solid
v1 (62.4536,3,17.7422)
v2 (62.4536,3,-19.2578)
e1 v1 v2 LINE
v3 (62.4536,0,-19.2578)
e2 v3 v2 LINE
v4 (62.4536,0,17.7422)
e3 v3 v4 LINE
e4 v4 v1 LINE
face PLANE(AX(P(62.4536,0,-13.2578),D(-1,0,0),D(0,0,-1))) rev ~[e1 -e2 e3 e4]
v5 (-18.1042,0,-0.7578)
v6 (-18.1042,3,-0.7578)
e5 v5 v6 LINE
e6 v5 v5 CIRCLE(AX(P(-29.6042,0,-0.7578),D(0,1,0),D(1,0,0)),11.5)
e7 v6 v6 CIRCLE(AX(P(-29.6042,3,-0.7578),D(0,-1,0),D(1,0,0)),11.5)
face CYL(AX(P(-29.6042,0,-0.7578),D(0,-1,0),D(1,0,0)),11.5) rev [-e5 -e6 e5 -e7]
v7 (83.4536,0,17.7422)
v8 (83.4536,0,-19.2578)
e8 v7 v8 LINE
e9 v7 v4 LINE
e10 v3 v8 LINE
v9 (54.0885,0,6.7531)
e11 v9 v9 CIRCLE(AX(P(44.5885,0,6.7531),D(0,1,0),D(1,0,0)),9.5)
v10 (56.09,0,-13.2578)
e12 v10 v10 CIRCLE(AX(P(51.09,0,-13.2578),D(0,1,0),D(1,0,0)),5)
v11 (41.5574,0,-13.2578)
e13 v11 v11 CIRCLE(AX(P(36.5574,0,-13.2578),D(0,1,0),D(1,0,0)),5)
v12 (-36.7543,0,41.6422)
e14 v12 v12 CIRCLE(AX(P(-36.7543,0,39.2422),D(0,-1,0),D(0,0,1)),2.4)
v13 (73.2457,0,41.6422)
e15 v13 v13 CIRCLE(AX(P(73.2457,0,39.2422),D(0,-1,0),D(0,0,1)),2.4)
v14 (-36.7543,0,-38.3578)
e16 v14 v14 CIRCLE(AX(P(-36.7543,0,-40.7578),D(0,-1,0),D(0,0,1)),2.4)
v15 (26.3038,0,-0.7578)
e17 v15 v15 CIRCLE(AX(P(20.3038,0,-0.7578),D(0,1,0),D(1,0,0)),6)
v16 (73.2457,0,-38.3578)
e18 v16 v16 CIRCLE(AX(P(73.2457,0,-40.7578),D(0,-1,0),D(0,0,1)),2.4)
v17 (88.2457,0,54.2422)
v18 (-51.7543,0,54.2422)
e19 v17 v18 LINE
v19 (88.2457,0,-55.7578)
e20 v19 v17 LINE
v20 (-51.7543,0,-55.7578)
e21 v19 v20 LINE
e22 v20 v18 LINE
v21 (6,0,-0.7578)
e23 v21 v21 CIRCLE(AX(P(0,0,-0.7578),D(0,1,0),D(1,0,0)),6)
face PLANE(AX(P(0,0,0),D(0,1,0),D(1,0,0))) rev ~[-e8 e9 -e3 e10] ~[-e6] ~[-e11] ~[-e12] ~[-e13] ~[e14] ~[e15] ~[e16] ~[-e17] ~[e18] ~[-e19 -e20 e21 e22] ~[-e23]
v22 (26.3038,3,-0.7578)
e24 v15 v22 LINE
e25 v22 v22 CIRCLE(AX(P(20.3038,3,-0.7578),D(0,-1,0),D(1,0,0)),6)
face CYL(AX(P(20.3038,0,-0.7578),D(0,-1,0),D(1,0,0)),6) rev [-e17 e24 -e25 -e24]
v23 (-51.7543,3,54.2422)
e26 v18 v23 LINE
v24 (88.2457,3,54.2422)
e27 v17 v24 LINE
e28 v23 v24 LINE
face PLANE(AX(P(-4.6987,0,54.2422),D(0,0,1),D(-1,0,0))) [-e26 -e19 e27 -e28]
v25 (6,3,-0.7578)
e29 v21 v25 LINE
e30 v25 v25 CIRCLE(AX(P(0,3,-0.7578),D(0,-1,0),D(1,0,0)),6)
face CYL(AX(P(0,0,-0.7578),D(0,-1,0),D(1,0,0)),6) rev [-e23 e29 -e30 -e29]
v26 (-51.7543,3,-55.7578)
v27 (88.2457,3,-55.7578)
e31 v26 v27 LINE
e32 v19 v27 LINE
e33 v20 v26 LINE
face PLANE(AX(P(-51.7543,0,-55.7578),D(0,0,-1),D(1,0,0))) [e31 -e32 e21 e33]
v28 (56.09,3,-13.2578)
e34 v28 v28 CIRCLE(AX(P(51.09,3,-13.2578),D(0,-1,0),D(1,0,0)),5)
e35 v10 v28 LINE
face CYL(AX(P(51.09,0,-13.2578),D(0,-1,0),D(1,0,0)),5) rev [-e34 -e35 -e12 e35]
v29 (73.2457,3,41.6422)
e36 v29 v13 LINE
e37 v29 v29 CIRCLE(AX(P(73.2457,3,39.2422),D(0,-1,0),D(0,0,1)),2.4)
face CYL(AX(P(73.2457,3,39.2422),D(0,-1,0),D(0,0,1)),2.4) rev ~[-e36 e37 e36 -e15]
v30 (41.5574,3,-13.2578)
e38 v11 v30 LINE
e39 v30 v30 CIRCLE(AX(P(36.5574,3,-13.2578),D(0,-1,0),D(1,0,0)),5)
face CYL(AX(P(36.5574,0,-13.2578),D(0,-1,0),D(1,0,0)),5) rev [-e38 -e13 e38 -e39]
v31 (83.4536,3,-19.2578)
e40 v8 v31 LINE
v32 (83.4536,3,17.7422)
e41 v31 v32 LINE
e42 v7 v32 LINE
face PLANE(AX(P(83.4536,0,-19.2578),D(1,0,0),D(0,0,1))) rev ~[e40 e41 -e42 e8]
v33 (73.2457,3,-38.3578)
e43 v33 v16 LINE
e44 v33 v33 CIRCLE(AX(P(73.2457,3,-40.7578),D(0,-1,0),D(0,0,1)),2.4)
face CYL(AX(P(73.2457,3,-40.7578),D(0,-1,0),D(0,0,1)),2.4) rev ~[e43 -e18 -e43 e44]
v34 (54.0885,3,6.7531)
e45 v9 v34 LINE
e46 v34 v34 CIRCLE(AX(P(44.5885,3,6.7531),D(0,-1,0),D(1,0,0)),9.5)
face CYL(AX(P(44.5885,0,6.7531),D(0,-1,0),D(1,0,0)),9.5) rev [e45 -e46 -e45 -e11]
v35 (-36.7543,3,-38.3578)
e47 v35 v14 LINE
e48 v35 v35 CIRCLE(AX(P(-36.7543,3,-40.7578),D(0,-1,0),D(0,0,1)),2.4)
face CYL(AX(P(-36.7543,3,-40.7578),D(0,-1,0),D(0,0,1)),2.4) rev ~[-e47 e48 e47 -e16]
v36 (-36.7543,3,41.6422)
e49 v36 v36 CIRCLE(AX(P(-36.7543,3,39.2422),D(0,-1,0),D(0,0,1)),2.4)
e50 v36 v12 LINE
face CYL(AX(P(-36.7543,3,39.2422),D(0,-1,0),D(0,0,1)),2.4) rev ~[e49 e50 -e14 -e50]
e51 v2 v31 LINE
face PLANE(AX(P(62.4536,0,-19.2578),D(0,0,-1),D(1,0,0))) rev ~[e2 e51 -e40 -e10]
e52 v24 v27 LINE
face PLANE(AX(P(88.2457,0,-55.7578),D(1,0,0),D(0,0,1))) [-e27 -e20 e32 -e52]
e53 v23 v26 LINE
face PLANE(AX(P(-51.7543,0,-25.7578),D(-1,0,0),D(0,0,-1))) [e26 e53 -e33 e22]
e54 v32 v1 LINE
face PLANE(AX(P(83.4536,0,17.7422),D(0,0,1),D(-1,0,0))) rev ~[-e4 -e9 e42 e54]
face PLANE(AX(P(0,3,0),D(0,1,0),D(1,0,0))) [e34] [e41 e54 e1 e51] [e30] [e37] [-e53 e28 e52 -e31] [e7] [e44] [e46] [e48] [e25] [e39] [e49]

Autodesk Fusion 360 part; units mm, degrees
sketch "Sketch1" plane through (0, 0, 0) normal (0, 1, 0) x (1, 0, 0)
  line L0 (-51.7543, 55.7578) -> (88.2457, 55.7578)
  line L1 (88.2457, 55.7578) -> (88.2457, -54.2422)
  line L2 (88.2457, -54.2422) -> (-51.7543, -54.2422)
  line L3 (-51.7543, -54.2422) -> (-51.7543, 55.7578)
  line L4 (-34.6167, 55.7578) -> (-34.6167, 25.7578)
  line L5 (-4.6987, -54.2422) -> (-4.6987, -24.2422)
  line L6 (-51.7543, -24.2422) -> (88.2457, -24.2422)
  line L7 (-51.7543, 25.7578) -> (88.2457, 25.7578)
  line L8 (62.4536, 19.2578) -> (83.4536, 19.2578)
  line L9 (83.4536, 19.2578) -> (83.4536, -17.7422)
  line L10 (83.4536, -17.7422) -> (62.4536, -17.7422)
  line L11 (62.4536, -17.7422) -> (62.4536, 19.2578)
  line L12 (28.1038, -13.9922) -> (12.5038, -13.9922)
  line L13 (12.5038, -13.9922) -> (12.5038, 15.5078)
  circle A0 centre (20.3038, 0.7578) radius 6
  line L14 (12.5038, -13.9922) -> (28.1038, 15.5078)
  line L15 (12.5038, 15.5078) -> (28.1038, -13.9922)
  line L16 (12.5038, 15.5078) -> (28.1038, 15.5078)
  line L17 (28.1038, 15.5078) -> (28.1038, -13.9922)
  line L18 (-7.8, 15.5078) -> (7.8, 15.5078)
  line L19 (-7.8, 15.5078) -> (7.8, -13.9922)
  circle A1 centre (0, 0.7578) radius 6
  line L20 (-7.8, -13.9922) -> (7.8, 15.5078)
  line L21 (-7.8, -13.9922) -> (-7.8, 15.5078)
  line L22 (7.8, 15.5078) -> (7.8, -13.9922)
  line L23 (7.8, -13.9922) -> (-7.8, -13.9922)
  line L24 (-51.7543, 0.7578) -> (88.2457, 0.7578)
  circle A2 centre (36.5574, 13.2578) radius 5
  line L25 (88.2457, 25.7578) -> (88.2457, 0.7578)
  line L26 (88.2457, 0.7578) -> (88.2457, -24.2422)
  line L27 (88.2457, 13.2578) -> (-51.7543, 13.2578)
  circle A3 centre (51.09, 13.2578) radius 5
  circle A4 centre (44.5885, -6.7531) radius 9.5
  circle A5 centre (-29.6042, 0.7578) radius 11.5
  point P0 (20.3038, 0.7578)
  point P1 (35.7195, -1.6286)
  point P2 (0, 0.7578)
  point P3 (-51.7543, 0.7578)
  point P4 (83.4536, 0.7578)
  point P5 (88.2457, 13.2578)
  point P6 (88.2457, -11.7422)
  dimension "d1" = 140
  dimension "d2" = 110
  dimension "d3" = 30
  dimension "d4" = 30
  dimension "d5" = 21
  dimension "d6" = 37
  dimension "d10" = 15.6
  dimension "d11" = 29.5
  dimension "d12" = 12
  dimension "d16" = 15.6
  dimension "d17" = 29.5
  dimension "d18" = 12
  dimension "d19" = 10
  dimension "d20" = 10
  dimension "d21" = 19
  dimension "d22" = 23
extrude "Extrude1" add sketch "Sketch1" along normal blind 3 contours L0 L3 L4 L7 | L0 L1 L4 L7 | L1 L3 L7 L8 L9 L11 L13 L16 L17 L18 L21 L22 A2 L25 L27 A3 | L3 L21 L24 L27 A5 | L1 L3 L6 L9 L10 L11 L12 L13 L17 L21 L22 L23 L24 L26 A4 A5 | L19 A1 L21 L24 L27 | L19 L21 L27 | L1 L9 L24 L25 L27 | L2 L3 L5 L6 | A1 L20 L21 L24 | L18 L19 L20 L27 | L19 A1 L20 L27 | L1 L2 L5 L6 | L19 A1 L20 L23 | L20 L22 L27 | A1 L20 L22 L24 L27 | L11 L17 L24 A2 L27 A3 A4 | L19 A1 L22 L24 | L13 L22 L24 L27 | L13 A0 L15 L24 L27 | L13 L15 L27 | L13 A0 L14 L24 | L14 L15 L16 L27 | A0 L14 L15 L27 | L12 A0 L14 L15 | L14 L17 L27 | A0 L14 L17 L24 L27 | A0 L15 L17 L24
sketch "Sketch2" plane through (0, 3, 0) normal (0, 1, 0) x (-1, 0, 0)
  line L0 (-83.4536, 17.7422) -> (-62.4536, 17.7422)
  line L1 (-62.4536, 17.7422) -> (-62.4536, -19.2578)
  line L2 (-62.4536, -19.2578) -> (-83.4536, -19.2578)
  line L3 (-83.4536, -19.2578) -> (-83.4536, 17.7422)
  circle A0 centre (-36.5574, -13.2578) radius 5
  circle A1 centre (-20.3038, -0.7578) radius 6
  circle A2 centre (-51.09, -13.2578) radius 5
  circle A3 centre (0, -0.7578) radius 6
  circle A4 centre (-44.5885, 6.7531) radius 9.5
  circle A5 centre (29.6042, -0.7578) radius 11.5
  line L4 (-88.2457, 54.2422) -> (-88.2457, -55.7578)
  line L5 (-88.2457, -55.7578) -> (51.7543, -55.7578)
  line L6 (51.7543, -55.7578) -> (51.7543, 54.2422)
  line L7 (51.7543, 54.2422) -> (-88.2457, 54.2422)
  line L8 (-17.1333, -55.7578) -> (-17.1333, -40.7578)
  line L9 (51.7543, -40.7578) -> (-88.2457, -40.7578)
  line L10 (-18.2457, 54.2422) -> (-18.2457, 39.2422)
  line L11 (51.7543, 39.2422) -> (-88.2457, 39.2422)
  line L12 (51.7543, -40.7578) -> (36.7543, -40.7578)
  line L13 (-88.2457, -40.7578) -> (-73.2457, -40.7578)
  line L14 (51.7543, 39.2422) -> (36.7543, 39.2422)
  line L15 (-88.2457, 39.2422) -> (-73.2457, 39.2422)
  point P0 (36.7543, -40.7578)
  point P1 (36.7543, 39.2422)
  point P2 (-73.2457, 39.2422)
  point P3 (-73.2457, -40.7578)
  dimension "d25" = 15
  dimension "d26" = 15
  dimension "d27" = 15
  dimension "d28" = 15
  dimension "d29" = 15
  dimension "d30" = 15
hole "Hole1" at (-36.7543, 3, -40.7578) at (-36.7543, 3, 39.2422) at (73.2457, 3, -40.7578) at (73.2457, 3, 39.2422) direction (0, -1, 0) diameter 4.8 depth 15 tip angle 180
